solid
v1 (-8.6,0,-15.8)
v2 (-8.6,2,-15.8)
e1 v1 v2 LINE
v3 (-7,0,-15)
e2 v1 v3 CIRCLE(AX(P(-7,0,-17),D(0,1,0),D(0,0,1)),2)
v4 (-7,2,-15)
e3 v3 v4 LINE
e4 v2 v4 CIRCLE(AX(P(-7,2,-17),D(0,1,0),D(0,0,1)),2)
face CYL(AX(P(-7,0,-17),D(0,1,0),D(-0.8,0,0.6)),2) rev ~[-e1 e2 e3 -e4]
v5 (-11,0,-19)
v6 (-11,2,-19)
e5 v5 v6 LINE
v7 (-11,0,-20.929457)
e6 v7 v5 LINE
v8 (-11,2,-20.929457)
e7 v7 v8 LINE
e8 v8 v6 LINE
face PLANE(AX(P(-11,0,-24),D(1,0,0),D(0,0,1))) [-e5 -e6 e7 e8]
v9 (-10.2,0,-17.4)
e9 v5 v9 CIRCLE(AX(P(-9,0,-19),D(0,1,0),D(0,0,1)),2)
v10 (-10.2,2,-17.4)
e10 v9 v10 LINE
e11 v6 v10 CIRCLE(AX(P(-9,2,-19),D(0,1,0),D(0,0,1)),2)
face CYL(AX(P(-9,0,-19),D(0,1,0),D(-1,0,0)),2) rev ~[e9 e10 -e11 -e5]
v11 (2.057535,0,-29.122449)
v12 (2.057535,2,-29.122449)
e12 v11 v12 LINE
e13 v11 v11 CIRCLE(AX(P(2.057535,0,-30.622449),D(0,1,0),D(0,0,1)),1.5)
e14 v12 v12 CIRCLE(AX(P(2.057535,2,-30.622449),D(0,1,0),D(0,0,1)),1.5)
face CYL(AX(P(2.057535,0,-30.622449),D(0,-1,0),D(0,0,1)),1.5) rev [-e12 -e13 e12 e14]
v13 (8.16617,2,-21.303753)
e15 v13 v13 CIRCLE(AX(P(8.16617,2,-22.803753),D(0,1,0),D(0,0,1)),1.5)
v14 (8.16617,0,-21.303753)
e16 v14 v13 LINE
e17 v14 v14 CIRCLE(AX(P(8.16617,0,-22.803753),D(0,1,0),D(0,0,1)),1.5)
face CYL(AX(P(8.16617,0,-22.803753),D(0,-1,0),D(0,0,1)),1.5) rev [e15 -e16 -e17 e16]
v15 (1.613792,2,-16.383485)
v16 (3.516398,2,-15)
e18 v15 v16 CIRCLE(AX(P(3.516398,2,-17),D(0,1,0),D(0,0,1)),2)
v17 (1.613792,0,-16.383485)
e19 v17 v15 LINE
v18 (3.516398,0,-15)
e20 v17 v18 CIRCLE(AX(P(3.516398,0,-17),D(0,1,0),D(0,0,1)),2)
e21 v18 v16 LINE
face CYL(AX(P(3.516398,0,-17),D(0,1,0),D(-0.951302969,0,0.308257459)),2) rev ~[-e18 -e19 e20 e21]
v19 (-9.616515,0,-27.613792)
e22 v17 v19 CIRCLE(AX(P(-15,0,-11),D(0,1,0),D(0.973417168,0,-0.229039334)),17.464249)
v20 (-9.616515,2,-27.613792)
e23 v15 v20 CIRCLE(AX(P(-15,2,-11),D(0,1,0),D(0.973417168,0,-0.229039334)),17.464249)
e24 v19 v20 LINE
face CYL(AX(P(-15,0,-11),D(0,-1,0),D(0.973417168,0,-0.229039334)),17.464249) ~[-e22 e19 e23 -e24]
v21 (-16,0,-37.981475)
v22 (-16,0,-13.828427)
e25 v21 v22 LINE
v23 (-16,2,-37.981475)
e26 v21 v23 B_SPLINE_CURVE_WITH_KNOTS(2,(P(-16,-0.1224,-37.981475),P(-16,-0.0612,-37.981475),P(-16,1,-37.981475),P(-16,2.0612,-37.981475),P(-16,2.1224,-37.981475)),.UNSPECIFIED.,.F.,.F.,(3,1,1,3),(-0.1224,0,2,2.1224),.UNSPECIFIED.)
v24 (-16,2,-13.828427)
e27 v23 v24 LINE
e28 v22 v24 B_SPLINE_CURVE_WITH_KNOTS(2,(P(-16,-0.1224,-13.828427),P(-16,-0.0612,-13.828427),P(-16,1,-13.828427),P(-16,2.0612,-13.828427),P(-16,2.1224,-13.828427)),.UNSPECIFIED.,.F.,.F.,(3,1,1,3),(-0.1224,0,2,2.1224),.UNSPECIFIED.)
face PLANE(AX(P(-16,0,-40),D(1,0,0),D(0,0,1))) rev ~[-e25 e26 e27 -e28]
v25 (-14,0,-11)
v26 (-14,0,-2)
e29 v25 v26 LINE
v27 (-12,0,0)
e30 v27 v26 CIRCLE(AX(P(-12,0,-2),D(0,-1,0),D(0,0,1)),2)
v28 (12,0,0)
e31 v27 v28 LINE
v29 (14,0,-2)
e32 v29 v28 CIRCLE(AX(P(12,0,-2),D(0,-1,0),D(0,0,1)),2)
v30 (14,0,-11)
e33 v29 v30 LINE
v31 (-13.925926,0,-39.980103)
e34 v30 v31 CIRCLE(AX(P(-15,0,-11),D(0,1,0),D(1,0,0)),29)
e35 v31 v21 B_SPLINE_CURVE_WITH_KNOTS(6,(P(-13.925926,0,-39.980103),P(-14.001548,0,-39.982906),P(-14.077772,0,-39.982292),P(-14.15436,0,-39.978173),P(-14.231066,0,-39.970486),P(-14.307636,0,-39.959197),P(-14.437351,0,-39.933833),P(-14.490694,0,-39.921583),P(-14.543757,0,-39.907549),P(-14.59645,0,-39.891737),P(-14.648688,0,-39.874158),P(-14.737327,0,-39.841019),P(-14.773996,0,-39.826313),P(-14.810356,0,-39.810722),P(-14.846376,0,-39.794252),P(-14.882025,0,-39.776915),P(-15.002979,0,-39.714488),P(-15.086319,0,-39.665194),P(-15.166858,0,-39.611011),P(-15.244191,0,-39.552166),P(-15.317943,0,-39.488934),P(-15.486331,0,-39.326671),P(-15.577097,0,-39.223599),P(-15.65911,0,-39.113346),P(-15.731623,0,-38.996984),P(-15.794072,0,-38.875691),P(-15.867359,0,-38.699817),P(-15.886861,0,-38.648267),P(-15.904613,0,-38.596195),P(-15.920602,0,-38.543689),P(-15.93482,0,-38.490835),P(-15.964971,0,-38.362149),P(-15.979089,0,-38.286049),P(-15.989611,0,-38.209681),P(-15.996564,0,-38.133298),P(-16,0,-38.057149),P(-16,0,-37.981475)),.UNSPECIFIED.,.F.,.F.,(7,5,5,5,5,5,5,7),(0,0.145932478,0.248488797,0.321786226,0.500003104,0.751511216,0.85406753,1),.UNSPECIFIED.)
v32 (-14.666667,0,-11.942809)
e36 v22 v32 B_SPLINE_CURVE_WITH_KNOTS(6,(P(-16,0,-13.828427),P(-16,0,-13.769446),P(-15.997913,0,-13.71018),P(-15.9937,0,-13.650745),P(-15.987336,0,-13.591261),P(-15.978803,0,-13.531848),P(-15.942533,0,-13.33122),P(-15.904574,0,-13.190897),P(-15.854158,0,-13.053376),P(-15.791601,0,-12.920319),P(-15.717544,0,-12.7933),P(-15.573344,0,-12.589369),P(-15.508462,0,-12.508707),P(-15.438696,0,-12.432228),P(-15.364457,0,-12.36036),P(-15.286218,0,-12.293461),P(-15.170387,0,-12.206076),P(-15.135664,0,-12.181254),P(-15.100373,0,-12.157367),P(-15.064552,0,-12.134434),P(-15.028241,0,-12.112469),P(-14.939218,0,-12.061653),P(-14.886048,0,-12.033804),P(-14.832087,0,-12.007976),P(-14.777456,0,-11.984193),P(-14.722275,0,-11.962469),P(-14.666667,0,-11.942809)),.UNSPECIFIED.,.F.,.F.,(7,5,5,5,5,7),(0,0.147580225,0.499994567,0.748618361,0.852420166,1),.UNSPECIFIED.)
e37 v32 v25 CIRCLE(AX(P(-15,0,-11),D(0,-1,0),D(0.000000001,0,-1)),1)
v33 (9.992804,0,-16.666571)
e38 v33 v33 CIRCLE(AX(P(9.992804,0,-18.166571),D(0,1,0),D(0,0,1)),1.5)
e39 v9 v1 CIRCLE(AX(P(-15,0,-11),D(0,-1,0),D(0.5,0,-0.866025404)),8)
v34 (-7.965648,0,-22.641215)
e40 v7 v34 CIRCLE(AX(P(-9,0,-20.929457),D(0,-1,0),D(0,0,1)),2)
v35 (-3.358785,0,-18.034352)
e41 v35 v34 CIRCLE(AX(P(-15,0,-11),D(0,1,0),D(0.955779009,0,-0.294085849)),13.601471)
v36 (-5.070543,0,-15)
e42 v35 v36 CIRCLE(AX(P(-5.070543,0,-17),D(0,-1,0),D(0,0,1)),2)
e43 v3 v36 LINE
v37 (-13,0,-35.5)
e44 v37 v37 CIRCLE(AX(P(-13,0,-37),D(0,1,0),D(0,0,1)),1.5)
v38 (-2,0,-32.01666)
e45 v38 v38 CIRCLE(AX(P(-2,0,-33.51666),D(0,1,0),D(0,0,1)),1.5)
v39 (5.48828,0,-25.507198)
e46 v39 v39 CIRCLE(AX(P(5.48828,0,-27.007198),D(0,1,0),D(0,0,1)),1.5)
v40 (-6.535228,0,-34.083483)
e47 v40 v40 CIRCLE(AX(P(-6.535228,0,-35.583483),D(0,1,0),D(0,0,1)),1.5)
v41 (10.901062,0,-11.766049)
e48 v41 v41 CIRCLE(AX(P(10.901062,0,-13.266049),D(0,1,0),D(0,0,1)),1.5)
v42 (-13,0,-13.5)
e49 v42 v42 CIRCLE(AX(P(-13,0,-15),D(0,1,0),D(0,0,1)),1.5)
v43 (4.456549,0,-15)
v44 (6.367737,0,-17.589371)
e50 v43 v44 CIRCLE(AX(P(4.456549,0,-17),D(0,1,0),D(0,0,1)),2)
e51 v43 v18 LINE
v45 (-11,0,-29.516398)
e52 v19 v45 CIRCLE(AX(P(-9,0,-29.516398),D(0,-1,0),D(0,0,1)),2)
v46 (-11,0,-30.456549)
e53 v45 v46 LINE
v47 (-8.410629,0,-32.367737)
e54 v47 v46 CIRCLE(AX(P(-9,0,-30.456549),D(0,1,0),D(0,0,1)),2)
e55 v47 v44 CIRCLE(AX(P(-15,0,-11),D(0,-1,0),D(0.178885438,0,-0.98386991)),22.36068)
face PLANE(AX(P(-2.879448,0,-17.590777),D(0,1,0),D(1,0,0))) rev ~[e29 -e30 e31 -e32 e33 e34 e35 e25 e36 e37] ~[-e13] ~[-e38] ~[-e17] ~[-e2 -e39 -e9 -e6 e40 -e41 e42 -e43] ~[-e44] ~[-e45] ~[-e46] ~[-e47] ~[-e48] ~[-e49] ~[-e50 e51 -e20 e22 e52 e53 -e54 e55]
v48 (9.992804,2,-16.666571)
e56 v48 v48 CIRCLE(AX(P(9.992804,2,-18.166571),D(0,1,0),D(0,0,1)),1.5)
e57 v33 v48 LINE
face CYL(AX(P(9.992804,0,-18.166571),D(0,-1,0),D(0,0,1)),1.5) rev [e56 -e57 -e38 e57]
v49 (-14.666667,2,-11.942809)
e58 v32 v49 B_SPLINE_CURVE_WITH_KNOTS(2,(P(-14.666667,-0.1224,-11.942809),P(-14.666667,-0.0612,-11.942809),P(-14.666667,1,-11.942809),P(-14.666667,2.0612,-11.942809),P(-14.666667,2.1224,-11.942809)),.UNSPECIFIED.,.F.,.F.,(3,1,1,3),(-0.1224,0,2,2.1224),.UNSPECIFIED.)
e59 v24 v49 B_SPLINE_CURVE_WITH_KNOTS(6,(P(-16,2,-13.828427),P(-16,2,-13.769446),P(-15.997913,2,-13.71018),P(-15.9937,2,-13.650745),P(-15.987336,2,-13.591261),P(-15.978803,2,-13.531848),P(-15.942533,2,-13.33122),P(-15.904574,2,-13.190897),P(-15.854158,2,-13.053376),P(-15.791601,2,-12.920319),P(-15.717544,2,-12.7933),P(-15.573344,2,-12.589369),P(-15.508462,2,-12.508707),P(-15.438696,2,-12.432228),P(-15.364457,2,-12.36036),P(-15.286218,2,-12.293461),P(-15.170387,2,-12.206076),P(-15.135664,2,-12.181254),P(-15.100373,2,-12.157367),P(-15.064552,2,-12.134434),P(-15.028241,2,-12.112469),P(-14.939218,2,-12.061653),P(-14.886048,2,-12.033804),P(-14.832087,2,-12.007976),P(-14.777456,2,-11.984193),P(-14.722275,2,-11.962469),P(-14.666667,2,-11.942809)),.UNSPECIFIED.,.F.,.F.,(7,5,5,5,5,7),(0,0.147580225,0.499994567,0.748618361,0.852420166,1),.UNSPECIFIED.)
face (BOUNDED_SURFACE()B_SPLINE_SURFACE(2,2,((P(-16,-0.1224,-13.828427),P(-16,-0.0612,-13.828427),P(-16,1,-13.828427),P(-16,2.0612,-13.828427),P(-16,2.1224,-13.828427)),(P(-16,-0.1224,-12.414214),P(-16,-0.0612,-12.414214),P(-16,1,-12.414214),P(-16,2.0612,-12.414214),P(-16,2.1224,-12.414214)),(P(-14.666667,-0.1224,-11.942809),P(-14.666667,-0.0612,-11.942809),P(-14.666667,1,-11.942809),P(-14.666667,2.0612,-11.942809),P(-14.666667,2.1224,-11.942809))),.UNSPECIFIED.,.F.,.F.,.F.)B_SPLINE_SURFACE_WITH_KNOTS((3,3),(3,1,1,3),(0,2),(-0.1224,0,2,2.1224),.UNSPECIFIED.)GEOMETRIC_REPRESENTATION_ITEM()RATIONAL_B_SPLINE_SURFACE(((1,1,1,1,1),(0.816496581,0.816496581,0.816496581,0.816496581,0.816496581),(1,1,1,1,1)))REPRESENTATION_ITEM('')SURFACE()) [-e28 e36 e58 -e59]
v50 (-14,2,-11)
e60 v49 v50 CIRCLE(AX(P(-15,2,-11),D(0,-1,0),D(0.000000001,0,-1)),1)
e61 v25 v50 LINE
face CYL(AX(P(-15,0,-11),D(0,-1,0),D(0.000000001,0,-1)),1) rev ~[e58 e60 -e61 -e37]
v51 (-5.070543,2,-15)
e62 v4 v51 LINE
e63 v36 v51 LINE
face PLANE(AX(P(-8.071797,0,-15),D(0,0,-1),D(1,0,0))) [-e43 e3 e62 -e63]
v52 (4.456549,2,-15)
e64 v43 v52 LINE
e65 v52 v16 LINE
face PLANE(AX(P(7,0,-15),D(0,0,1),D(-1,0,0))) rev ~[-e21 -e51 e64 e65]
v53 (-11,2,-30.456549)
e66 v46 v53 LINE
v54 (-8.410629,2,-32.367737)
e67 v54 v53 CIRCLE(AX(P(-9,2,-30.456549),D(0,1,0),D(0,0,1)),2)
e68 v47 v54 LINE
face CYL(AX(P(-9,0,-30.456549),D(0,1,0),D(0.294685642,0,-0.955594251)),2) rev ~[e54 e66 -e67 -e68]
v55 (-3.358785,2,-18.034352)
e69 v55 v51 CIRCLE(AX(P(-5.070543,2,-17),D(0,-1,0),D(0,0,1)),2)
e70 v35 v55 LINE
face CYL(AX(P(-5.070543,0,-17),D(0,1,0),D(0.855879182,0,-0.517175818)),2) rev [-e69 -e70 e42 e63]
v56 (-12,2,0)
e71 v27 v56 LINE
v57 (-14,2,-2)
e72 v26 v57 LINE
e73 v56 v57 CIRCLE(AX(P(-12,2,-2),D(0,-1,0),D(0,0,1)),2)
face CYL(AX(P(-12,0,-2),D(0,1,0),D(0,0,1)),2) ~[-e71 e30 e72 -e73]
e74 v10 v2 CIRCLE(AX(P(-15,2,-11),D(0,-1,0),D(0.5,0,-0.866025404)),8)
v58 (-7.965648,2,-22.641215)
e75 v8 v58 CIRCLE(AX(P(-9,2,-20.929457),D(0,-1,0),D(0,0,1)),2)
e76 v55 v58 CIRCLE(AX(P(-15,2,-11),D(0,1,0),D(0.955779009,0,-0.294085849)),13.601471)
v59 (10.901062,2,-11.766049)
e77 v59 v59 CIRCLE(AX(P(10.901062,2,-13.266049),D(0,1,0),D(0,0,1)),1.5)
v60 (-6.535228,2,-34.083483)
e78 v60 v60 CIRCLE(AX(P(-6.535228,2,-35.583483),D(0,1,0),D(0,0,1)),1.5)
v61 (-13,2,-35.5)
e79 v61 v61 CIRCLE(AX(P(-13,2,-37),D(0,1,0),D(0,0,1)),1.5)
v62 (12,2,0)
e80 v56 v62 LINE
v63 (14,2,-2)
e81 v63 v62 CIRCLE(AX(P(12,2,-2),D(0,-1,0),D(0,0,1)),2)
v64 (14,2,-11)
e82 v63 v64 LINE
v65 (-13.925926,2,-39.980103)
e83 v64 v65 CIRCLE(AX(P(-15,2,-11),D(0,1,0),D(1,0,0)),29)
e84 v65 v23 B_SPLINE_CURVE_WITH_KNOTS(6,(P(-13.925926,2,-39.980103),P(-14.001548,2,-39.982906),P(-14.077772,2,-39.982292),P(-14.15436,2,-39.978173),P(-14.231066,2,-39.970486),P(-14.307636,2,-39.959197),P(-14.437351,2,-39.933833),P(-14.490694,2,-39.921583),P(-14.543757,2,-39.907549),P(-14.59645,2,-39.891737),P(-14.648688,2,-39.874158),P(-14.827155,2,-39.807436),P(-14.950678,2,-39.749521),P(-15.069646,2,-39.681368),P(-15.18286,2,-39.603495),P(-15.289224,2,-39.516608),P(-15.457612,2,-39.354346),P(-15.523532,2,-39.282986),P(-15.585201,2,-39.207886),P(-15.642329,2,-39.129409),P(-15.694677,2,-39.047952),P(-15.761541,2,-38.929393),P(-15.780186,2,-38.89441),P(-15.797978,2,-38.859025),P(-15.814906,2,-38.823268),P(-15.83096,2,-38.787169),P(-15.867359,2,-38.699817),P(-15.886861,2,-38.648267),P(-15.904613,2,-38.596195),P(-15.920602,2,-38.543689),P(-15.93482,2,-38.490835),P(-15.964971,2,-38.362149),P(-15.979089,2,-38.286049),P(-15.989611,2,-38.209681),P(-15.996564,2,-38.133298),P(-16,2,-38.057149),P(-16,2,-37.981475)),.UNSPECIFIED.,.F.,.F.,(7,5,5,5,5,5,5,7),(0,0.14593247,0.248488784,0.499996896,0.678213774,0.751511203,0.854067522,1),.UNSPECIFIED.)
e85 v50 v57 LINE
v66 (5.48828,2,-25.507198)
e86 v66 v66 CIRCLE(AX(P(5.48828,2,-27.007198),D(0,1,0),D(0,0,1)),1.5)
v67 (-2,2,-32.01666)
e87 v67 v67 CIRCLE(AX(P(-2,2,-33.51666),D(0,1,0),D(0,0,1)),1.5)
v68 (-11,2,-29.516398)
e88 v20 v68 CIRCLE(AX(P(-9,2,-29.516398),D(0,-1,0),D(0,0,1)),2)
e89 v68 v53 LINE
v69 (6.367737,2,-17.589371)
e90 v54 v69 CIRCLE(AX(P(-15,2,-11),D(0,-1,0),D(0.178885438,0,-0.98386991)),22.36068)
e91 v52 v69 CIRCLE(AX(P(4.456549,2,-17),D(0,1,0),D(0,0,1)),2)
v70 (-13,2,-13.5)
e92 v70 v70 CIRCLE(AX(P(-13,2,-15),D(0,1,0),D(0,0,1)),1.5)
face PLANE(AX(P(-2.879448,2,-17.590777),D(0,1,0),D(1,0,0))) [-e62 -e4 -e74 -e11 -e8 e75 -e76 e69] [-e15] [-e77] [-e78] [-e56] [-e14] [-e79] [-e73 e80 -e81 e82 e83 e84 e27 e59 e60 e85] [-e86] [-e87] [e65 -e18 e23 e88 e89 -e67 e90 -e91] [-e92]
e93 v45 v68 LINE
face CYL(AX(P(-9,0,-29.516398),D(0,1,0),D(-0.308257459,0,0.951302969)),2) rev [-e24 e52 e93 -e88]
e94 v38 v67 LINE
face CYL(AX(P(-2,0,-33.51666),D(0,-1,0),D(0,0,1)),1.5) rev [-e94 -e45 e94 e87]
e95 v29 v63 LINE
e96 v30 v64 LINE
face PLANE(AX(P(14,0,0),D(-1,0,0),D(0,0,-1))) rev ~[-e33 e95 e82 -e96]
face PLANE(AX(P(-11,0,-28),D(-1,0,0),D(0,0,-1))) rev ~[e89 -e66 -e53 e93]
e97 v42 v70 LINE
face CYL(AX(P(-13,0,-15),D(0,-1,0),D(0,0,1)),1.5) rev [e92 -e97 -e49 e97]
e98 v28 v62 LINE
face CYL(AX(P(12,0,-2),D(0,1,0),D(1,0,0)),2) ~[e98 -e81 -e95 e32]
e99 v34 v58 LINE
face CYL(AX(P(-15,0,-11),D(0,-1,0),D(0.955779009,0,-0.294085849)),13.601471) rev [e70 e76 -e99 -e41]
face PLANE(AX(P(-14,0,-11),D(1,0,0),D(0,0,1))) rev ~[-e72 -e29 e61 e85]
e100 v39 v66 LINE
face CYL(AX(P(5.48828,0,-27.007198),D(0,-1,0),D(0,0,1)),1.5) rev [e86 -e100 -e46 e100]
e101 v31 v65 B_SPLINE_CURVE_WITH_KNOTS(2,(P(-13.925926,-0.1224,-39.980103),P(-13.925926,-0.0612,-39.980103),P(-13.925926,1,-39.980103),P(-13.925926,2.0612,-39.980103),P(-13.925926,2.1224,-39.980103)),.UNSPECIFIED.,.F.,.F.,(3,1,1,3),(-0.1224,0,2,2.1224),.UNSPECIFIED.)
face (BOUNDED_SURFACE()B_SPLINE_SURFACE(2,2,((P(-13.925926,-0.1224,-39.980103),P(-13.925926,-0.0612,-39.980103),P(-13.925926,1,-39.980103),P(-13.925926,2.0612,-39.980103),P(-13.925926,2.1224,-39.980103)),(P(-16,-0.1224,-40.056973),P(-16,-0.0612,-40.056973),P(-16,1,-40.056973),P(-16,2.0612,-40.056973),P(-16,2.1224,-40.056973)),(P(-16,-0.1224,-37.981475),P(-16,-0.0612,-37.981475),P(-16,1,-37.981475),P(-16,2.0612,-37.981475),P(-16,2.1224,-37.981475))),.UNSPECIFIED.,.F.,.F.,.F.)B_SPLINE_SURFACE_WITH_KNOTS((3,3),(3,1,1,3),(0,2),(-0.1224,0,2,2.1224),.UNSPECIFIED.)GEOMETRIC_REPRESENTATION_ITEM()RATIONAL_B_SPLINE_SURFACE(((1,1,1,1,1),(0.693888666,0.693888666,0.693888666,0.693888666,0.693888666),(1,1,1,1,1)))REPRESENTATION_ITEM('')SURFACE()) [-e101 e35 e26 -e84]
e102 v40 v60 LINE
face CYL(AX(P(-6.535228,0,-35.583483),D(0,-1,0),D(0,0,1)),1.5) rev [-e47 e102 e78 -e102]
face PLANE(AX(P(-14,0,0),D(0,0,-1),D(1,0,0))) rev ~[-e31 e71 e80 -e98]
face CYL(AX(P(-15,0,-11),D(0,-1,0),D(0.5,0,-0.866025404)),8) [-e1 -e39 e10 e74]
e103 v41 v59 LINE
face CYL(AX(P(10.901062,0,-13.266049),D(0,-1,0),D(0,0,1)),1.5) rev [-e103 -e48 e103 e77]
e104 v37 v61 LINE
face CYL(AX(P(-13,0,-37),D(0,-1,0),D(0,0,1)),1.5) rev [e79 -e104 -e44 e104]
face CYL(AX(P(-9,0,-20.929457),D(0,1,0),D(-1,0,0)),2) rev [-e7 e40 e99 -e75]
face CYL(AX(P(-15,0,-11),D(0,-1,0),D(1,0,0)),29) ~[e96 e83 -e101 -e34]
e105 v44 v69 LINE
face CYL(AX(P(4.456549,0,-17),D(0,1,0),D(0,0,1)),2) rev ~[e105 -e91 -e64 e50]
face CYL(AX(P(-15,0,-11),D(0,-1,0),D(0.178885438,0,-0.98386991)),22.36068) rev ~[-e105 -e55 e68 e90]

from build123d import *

# Parameters (mm, degrees)
SKETCH_1_R      = 1.5
EXTRUDE_1_DEPTH = 2
FILLET_1_R      = 2


with BuildPart() as part:
    # 草图1 → 凸台-拉伸1 (new body)
    with BuildSketch(Plane(origin=(0, 0, 0), x_dir=(1, 0, 0), z_dir=(0, 1, 0))):
        with BuildLine():
            Line((-11, 0), (0, 0))
            Line((0, 0), (11, 0))
            Line((11, 0), (14, 0))
            Line((14, 0), (14, 11))
            ThreePointArc((14, 11), (5.506096654, 31.506096654), (-15, 40))
            Line((-15, 40), (-16, 40))
            Line((-16, 40), (-16, 12))
            Line((-16, 12), (-15, 12))
            ThreePointArc((-15, 12), (-14.292893219, 11.707106781), (-14, 11))
            Line((-14, 11), (-14, 0))
            Line((-14, 0), (-11, 0))
        make_face()
        with Locations(Location((10.90106215, 13.266049311, 0), (0, 0, 270))):
            Circle(SKETCH_1_R, mode=Mode.SUBTRACT)
        with Locations(Location((9.992804094, 18.166571251, 0), (0, 0, 270))):
            Circle(SKETCH_1_R, mode=Mode.SUBTRACT)
        with Locations(Location((8.166169629, 22.803752993, 0), (0, 0, 270))):
            Circle(SKETCH_1_R, mode=Mode.SUBTRACT)
        with Locations(Location((5.488279594, 27.007198358, 0), (0, 0, 270))):
            Circle(SKETCH_1_R, mode=Mode.SUBTRACT)
        with Locations(Location((2.057534754, 30.622449086, 0), (0, 0, 270))):
            Circle(SKETCH_1_R, mode=Mode.SUBTRACT)
        with Locations(Location((-2, 33.516660498, 0), (0, 0, 270))):
            Circle(SKETCH_1_R, mode=Mode.SUBTRACT)
        with Locations(Location((-6.535227984, 35.583482966, 0), (0, 0, 270))):
            Circle(SKETCH_1_R, mode=Mode.SUBTRACT)
        with Locations(Location((-13, 15, 0), (0, 0, 270))):
            Circle(SKETCH_1_R, mode=Mode.SUBTRACT)
        with Locations(Location((-13, 37, 0), (0, 0, 270))):
            Circle(SKETCH_1_R, mode=Mode.SUBTRACT)
        with BuildLine():
            Line((-11, 24), (-11, 17.92820323))
            ThreePointArc((-11, 17.92820323), (-9.343145751, 16.656854249), (-8.07179677, 15))
            Line((-8.07179677, 15), (-2, 15))
            ThreePointArc((-2, 15), (-5.382307969, 20.617692031), (-11, 24))
        make_face(mode=Mode.SUBTRACT)
        with BuildLine():
            Line((-11, 28), (-11, 33))
            ThreePointArc((-11, 33), (0.811388301, 26.811388301), (7, 15))
            Line((7, 15), (2, 15))
            ThreePointArc((2, 15), (-2.650910965, 23.349089035), (-11, 28))
        make_face(mode=Mode.SUBTRACT)
    extrude(amount=EXTRUDE_1_DEPTH)

    # 圆角1
    fillet_1_edges = [part.edges().sort_by_distance(p)[0] for p in [
        (-14, 1, 0),
        (-16, 1, -12),
        (-16, 1, -40),
        (14, 1, 0),
        (-11, 1, -17.92820323),
        (-8.07179677, 1, -15),
        (-2, 1, -15),
        (-11, 1, -24),
        (7, 1, -15),
        (-11, 1, -28),
        (2, 1, -15),
        (-11, 1, -33),
    ]]
    fillet(fillet_1_edges, radius=FILLET_1_R)


solid = part.part
